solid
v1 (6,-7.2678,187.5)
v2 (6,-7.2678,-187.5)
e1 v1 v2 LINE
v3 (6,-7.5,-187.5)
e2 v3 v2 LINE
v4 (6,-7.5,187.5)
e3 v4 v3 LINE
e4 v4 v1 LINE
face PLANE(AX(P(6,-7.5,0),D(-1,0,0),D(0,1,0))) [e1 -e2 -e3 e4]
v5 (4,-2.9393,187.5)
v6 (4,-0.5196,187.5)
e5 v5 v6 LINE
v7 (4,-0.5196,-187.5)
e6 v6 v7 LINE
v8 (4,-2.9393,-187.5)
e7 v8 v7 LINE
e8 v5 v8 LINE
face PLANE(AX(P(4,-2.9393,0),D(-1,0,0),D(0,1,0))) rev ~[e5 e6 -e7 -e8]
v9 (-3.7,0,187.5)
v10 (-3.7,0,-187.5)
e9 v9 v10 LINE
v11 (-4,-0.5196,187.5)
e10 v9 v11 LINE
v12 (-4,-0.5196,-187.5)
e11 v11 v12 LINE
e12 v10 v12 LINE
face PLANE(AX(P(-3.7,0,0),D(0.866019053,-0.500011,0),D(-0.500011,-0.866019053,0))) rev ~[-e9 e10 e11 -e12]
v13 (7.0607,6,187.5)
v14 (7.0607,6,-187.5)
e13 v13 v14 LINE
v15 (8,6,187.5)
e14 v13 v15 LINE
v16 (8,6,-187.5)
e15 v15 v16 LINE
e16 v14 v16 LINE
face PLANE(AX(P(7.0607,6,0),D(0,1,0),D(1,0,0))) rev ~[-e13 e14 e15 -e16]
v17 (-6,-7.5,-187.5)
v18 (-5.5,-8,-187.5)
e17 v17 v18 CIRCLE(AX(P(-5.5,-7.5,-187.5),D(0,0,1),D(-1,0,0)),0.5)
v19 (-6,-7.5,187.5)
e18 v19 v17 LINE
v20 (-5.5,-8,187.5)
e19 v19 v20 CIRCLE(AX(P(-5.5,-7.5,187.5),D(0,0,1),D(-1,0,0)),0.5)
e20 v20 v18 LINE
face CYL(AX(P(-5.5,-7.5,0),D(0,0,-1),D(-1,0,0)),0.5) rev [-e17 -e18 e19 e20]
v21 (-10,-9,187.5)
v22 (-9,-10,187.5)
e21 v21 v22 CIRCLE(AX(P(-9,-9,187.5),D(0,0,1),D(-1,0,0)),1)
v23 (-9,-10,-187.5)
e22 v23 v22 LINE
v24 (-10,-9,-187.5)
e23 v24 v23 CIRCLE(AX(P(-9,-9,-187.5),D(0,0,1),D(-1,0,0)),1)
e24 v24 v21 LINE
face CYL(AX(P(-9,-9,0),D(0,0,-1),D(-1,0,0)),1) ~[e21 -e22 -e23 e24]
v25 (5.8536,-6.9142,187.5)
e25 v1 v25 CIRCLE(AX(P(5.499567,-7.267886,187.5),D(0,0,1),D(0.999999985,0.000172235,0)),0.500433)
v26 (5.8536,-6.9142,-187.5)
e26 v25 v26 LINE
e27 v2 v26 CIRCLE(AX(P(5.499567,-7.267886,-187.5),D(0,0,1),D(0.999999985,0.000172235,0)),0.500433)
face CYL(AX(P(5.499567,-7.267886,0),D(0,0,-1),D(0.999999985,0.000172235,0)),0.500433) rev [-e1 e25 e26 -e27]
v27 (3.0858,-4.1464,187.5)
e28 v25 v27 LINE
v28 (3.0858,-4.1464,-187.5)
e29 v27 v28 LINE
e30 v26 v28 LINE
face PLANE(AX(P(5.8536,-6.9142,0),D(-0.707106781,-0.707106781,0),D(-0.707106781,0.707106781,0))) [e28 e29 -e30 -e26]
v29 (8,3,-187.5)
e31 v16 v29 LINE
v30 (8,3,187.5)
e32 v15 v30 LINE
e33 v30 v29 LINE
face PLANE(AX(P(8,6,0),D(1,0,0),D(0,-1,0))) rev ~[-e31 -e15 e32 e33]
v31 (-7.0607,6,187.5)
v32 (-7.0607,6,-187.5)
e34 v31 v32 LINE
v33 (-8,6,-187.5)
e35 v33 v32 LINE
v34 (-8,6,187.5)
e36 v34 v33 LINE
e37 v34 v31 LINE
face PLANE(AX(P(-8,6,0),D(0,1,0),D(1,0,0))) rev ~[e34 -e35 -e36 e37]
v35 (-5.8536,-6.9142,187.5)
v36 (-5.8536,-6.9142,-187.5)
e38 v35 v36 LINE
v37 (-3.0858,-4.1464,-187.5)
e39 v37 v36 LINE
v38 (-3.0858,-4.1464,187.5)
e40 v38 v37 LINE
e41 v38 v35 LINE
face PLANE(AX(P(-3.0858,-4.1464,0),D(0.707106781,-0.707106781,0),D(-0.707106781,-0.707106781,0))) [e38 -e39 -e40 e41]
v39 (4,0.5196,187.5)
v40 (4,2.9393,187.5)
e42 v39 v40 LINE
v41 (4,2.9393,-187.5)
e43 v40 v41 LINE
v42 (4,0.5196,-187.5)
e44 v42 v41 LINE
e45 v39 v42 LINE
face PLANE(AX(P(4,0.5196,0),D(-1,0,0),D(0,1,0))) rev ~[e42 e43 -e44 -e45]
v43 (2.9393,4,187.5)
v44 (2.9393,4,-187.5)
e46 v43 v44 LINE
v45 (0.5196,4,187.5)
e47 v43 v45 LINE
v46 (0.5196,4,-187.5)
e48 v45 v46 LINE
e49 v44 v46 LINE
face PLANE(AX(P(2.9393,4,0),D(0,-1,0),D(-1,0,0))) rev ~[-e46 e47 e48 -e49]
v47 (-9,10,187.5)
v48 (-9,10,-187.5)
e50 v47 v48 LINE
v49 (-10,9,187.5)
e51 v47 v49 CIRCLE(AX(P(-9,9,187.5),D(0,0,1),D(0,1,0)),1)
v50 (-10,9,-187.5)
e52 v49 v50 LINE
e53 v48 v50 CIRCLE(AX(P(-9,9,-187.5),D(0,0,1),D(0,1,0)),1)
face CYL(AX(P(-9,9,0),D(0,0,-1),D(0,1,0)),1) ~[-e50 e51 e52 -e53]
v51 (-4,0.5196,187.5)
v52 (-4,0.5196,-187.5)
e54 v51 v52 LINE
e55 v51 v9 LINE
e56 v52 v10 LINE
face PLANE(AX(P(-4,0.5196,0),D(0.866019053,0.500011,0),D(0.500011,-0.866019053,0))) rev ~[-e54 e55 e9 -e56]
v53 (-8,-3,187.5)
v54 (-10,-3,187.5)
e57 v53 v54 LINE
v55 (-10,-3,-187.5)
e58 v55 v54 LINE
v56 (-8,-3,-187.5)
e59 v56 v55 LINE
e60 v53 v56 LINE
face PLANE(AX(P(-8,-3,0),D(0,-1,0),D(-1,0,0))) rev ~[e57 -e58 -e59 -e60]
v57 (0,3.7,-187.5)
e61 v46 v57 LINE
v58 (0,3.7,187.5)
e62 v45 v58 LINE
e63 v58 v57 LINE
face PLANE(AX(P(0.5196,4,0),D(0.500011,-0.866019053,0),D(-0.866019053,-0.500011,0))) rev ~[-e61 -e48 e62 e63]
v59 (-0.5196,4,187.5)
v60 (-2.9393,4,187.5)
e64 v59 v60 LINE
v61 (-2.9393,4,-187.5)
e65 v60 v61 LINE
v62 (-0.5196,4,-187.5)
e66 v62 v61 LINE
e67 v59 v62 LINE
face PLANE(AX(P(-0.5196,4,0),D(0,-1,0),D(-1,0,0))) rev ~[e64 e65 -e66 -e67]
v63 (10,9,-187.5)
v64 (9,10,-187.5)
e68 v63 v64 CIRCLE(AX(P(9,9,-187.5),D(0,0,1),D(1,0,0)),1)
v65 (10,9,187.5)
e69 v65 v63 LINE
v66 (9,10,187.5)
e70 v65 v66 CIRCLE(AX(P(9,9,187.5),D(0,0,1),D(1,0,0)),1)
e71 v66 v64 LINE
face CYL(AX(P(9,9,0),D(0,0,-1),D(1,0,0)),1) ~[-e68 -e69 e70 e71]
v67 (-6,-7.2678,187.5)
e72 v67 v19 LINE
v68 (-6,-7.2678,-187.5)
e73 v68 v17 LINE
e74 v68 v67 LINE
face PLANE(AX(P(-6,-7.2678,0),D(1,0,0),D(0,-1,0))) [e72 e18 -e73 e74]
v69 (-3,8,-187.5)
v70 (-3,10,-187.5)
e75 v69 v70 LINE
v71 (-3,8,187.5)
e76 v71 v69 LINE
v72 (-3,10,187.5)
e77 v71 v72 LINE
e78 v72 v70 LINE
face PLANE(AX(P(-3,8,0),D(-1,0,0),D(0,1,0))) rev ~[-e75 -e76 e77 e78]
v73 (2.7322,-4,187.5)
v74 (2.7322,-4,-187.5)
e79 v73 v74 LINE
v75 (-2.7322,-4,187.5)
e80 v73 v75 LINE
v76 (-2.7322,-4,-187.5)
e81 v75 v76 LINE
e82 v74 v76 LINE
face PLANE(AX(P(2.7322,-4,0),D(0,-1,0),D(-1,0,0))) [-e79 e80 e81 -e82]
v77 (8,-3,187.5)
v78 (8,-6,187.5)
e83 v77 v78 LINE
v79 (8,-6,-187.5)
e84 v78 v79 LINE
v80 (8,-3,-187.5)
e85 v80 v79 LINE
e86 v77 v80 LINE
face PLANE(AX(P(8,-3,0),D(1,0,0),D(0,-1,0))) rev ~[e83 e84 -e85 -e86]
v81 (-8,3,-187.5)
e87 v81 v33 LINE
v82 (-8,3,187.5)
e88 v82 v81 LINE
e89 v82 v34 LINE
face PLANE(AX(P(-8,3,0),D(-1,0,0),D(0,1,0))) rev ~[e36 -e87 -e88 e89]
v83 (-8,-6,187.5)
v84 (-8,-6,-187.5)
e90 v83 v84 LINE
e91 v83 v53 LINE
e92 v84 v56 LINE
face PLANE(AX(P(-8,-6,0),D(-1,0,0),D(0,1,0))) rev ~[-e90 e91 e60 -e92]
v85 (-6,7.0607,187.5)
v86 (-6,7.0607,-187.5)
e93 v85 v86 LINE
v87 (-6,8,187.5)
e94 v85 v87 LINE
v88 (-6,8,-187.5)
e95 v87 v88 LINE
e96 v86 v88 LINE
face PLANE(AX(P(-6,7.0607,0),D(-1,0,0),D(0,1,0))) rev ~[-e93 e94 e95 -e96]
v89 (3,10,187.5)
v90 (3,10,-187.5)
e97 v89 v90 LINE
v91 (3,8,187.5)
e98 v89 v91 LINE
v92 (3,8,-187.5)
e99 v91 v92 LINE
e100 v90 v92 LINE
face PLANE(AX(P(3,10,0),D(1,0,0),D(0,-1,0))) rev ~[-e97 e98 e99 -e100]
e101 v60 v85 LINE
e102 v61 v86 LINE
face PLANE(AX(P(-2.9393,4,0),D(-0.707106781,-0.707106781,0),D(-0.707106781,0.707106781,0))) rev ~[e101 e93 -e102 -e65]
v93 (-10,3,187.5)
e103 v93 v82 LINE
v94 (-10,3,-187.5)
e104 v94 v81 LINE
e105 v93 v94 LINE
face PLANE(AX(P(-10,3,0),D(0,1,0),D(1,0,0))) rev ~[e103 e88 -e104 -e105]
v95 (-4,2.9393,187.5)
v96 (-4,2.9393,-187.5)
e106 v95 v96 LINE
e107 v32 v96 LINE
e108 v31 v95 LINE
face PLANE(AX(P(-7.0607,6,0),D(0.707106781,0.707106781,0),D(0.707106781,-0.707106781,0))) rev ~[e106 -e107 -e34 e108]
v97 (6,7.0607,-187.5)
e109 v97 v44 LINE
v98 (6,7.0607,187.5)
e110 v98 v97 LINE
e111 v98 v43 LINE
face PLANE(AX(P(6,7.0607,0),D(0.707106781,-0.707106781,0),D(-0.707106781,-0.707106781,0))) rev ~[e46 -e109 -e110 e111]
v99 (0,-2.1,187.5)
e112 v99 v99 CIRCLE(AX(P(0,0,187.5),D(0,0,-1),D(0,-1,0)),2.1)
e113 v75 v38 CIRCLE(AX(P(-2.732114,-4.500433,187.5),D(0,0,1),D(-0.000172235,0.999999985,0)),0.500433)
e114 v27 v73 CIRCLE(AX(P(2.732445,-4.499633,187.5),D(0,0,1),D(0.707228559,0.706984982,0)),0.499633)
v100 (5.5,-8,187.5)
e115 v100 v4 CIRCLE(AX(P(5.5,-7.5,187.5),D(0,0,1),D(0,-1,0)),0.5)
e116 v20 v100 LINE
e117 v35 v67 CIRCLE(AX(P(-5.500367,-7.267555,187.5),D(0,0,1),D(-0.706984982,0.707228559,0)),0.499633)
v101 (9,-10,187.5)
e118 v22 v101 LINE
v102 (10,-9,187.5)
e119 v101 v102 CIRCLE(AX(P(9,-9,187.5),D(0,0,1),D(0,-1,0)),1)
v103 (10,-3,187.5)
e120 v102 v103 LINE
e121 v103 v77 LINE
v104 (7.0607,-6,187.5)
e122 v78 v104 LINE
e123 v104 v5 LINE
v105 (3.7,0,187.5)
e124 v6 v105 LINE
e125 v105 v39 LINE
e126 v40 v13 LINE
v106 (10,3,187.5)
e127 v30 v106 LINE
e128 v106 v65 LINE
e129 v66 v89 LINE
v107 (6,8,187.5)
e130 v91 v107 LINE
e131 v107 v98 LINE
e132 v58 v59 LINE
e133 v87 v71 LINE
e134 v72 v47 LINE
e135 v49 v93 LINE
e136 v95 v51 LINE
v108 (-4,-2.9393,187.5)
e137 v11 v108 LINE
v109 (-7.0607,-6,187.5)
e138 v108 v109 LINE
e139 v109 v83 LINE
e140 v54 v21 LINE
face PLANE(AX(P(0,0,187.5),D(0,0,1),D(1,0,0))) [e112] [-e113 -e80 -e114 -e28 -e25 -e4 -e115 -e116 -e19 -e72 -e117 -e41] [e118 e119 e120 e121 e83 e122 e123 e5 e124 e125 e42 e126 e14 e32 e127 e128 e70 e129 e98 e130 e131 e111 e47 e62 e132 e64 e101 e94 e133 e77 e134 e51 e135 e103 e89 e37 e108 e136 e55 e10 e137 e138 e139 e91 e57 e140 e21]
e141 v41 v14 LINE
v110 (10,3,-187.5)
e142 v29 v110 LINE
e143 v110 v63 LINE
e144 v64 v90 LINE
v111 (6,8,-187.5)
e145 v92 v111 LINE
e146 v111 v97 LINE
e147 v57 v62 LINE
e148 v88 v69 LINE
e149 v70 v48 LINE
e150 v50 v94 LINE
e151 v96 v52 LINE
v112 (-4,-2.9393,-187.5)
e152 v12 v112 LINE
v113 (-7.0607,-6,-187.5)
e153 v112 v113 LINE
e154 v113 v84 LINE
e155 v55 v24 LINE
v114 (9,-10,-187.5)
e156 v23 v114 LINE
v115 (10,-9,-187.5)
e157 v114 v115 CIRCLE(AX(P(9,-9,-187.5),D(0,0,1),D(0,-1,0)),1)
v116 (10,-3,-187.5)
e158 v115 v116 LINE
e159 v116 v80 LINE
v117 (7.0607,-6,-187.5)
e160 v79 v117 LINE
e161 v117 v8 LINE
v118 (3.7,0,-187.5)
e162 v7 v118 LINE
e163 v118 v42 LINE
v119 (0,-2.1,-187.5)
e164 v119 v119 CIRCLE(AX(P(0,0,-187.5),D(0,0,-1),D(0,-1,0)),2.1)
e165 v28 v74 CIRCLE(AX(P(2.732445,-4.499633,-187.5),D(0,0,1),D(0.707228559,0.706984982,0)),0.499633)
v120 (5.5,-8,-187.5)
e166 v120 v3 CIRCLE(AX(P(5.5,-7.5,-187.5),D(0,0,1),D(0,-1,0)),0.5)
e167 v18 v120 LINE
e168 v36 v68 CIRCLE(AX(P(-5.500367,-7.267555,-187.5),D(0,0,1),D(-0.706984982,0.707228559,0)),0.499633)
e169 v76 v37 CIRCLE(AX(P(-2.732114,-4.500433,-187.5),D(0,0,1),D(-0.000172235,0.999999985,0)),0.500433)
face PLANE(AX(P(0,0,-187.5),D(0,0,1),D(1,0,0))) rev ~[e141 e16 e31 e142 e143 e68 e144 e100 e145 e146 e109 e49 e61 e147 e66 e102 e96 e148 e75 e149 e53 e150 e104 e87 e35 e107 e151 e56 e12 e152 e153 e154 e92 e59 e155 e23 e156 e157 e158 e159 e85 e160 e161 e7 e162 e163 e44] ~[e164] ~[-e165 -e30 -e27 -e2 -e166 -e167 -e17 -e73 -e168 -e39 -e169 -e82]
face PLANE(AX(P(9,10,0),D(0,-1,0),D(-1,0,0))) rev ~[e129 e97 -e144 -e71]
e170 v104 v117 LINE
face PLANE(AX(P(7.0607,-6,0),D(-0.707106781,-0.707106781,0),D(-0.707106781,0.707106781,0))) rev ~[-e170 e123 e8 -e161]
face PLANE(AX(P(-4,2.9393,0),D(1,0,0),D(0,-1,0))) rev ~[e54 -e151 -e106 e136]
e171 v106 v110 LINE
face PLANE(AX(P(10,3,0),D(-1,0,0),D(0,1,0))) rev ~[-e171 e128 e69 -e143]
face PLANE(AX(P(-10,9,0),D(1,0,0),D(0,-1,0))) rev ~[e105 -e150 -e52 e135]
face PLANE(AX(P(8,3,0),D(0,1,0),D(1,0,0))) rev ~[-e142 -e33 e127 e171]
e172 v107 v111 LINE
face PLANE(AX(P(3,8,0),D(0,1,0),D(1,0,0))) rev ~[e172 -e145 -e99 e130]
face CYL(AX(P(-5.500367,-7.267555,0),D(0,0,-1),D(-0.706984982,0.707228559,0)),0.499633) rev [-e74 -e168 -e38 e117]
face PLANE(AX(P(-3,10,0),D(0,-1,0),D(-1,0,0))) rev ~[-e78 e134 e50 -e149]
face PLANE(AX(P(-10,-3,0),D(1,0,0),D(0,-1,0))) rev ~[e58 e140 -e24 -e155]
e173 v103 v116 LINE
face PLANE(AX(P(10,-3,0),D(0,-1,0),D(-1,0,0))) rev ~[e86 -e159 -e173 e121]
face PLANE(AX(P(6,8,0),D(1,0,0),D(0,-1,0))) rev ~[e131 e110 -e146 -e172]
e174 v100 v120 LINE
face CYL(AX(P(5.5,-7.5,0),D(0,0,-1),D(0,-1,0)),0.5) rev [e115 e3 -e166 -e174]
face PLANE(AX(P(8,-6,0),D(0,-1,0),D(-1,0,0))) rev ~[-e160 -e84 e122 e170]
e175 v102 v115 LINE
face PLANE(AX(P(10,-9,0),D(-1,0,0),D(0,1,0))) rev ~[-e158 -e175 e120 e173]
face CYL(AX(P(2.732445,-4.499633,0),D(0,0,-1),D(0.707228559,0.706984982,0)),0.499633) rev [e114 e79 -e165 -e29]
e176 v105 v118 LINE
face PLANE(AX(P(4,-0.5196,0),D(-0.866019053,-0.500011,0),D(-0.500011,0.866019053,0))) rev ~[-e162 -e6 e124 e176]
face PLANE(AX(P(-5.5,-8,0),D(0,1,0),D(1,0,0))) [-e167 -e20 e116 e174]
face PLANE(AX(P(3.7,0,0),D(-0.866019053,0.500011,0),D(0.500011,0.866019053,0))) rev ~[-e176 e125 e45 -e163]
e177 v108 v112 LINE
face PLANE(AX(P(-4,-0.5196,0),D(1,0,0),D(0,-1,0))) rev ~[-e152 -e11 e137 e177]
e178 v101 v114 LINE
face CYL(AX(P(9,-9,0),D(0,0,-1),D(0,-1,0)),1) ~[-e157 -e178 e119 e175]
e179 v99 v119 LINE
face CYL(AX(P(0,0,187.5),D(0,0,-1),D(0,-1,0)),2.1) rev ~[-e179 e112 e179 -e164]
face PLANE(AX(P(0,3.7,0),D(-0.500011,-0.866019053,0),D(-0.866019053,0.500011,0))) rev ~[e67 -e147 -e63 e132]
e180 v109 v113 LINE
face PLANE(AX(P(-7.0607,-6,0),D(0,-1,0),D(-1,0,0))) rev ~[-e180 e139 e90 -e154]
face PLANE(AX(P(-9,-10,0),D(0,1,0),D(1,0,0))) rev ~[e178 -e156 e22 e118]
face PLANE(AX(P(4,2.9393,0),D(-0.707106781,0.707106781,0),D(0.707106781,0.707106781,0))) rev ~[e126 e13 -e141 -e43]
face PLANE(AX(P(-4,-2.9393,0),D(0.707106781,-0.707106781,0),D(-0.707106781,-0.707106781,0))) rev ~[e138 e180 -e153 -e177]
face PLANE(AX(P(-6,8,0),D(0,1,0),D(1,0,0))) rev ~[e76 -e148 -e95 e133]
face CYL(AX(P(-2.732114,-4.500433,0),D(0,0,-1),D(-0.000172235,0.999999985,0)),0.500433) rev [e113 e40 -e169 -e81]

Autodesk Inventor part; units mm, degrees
sketch "Sketch_63" plane through (0, 0, 0) normal (0, 0, 1) x (1, 0, 0)
  line L0 (-10, -3) -> (-10, -9)
  arc A0 (-10, -9) -> (-9, -10) centre (-9, -9) ccw
  line L1 (-9, -10) -> (9, -10)
  arc A1 (9, -10) -> (10, -9) centre (9, -9) ccw
  line L2 (10, -9) -> (10, -3)
  line L3 (10, -3) -> (8, -3)
  line L4 (8, -3) -> (8, -6)
  line L5 (8, -6) -> (7.0607, -6)
  line L6 (7.0607, -6) -> (4, -2.9393)
  line L7 (4, -2.9393) -> (4, -0.5196)
  line L8 (4, -0.5196) -> (3.7, 0)
  line L9 (3.7, 0) -> (4, 0.5196)
  line L10 (4, 0.5196) -> (4, 2.9393)
  line L11 (4, 2.9393) -> (7.0607, 6)
  line L12 (7.0607, 6) -> (8, 6)
  line L13 (8, 6) -> (8, 3)
  line L14 (8, 3) -> (10, 3)
  line L15 (10, 3) -> (10, 9)
  arc A2 (10, 9) -> (9, 10) centre (9, 9) ccw
  line L16 (9, 10) -> (3, 10)
  line L17 (3, 10) -> (3, 8)
  line L18 (3, 8) -> (6, 8)
  line L19 (6, 8) -> (6, 7.0607)
  line L20 (6, 7.0607) -> (2.9393, 4)
  line L21 (2.9393, 4) -> (0.5196, 4)
  line L22 (0.5196, 4) -> (0, 3.7)
  line L23 (0, 3.7) -> (-0.5196, 4)
  line L24 (-0.5196, 4) -> (-2.9393, 4)
  line L25 (-2.9393, 4) -> (-6, 7.0607)
  line L26 (-6, 7.0607) -> (-6, 8)
  line L27 (-6, 8) -> (-3, 8)
  line L28 (-3, 8) -> (-3, 10)
  line L29 (-3, 10) -> (-9, 10)
  arc A3 (-9, 10) -> (-10, 9) centre (-9, 9) ccw
  line L30 (-10, 9) -> (-10, 3)
  line L31 (-10, 3) -> (-8, 3)
  line L32 (-8, 3) -> (-8, 6)
  line L33 (-8, 6) -> (-7.0607, 6)
  line L34 (-7.0607, 6) -> (-4, 2.9393)
  line L35 (-4, 2.9393) -> (-4, 0.5196)
  line L36 (-4, 0.5196) -> (-3.7, 0)
  line L37 (-3.7, 0) -> (-4, -0.5196)
  line L38 (-4, -0.5196) -> (-4, -2.9393)
  line L39 (-4, -2.9393) -> (-7.0607, -6)
  line L40 (-7.0607, -6) -> (-8, -6)
  line L41 (-8, -6) -> (-8, -3)
  line L42 (-8, -3) -> (-10, -3)
  line L43 (-6, -7.2678) -> (-6, -7.5)
  arc A4 (-6, -7.5) -> (-5.5, -8) centre (-5.5, -7.5) ccw
  line L44 (-5.5, -8) -> (5.5, -8)
  arc A5 (5.5, -8) -> (6, -7.5) centre (5.5, -7.5) ccw
  line L45 (6, -7.5) -> (6, -7.2678)
  arc A6 (6, -7.2678) -> (5.8536, -6.9142) centre (5.5, -7.2678) ccw
  line L46 (5.8536, -6.9142) -> (3.0858, -4.1464)
  arc A7 (3.0858, -4.1464) -> (2.7322, -4) centre (2.7322, -4.5) ccw
  line L47 (2.7322, -4) -> (-2.7322, -4)
  arc A8 (-2.7322, -4) -> (-3.0858, -4.1464) centre (-2.7322, -4.5) ccw
  line L48 (-3.0858, -4.1464) -> (-5.8536, -6.9142)
  arc A9 (-5.8536, -6.9142) -> (-6, -7.2678) centre (-5.5, -7.2678) ccw
extrude "Extrusion1" add sketch "Sketch_63" along normal mid plane 375
sketch "Sketch2" plane through (0, 0, 187.5) normal (0, 0, 1) x (-1, 0, 0)
  point P0 (0, 0)
hole "Hole1" at (0, 0, 187.5) direction (0, 0, -1) diameter 4.2 depth 440
ref_plane "C1_XY" through (0, 0, 0) normal (0, 0, 1) x (1, 0, 0)
ref_plane "C1_YZ" through (0, 0, 0) normal (1, 0, 0) x (0, 1, 0)
ref_plane "C1_ZX" through (0, 0, 0) normal (0, 1, 0) x (0, 0, 1)
thread "Thread1" size "M5x0.8" class "6H" standard "ANSI Metric M Profile" length 10
thread "Thread2" size "M5x0.8" class "6H" standard "ANSI Metric M Profile" length 10
properties part number "HFSFB5-2020-375" material "Aluminum 6061"
